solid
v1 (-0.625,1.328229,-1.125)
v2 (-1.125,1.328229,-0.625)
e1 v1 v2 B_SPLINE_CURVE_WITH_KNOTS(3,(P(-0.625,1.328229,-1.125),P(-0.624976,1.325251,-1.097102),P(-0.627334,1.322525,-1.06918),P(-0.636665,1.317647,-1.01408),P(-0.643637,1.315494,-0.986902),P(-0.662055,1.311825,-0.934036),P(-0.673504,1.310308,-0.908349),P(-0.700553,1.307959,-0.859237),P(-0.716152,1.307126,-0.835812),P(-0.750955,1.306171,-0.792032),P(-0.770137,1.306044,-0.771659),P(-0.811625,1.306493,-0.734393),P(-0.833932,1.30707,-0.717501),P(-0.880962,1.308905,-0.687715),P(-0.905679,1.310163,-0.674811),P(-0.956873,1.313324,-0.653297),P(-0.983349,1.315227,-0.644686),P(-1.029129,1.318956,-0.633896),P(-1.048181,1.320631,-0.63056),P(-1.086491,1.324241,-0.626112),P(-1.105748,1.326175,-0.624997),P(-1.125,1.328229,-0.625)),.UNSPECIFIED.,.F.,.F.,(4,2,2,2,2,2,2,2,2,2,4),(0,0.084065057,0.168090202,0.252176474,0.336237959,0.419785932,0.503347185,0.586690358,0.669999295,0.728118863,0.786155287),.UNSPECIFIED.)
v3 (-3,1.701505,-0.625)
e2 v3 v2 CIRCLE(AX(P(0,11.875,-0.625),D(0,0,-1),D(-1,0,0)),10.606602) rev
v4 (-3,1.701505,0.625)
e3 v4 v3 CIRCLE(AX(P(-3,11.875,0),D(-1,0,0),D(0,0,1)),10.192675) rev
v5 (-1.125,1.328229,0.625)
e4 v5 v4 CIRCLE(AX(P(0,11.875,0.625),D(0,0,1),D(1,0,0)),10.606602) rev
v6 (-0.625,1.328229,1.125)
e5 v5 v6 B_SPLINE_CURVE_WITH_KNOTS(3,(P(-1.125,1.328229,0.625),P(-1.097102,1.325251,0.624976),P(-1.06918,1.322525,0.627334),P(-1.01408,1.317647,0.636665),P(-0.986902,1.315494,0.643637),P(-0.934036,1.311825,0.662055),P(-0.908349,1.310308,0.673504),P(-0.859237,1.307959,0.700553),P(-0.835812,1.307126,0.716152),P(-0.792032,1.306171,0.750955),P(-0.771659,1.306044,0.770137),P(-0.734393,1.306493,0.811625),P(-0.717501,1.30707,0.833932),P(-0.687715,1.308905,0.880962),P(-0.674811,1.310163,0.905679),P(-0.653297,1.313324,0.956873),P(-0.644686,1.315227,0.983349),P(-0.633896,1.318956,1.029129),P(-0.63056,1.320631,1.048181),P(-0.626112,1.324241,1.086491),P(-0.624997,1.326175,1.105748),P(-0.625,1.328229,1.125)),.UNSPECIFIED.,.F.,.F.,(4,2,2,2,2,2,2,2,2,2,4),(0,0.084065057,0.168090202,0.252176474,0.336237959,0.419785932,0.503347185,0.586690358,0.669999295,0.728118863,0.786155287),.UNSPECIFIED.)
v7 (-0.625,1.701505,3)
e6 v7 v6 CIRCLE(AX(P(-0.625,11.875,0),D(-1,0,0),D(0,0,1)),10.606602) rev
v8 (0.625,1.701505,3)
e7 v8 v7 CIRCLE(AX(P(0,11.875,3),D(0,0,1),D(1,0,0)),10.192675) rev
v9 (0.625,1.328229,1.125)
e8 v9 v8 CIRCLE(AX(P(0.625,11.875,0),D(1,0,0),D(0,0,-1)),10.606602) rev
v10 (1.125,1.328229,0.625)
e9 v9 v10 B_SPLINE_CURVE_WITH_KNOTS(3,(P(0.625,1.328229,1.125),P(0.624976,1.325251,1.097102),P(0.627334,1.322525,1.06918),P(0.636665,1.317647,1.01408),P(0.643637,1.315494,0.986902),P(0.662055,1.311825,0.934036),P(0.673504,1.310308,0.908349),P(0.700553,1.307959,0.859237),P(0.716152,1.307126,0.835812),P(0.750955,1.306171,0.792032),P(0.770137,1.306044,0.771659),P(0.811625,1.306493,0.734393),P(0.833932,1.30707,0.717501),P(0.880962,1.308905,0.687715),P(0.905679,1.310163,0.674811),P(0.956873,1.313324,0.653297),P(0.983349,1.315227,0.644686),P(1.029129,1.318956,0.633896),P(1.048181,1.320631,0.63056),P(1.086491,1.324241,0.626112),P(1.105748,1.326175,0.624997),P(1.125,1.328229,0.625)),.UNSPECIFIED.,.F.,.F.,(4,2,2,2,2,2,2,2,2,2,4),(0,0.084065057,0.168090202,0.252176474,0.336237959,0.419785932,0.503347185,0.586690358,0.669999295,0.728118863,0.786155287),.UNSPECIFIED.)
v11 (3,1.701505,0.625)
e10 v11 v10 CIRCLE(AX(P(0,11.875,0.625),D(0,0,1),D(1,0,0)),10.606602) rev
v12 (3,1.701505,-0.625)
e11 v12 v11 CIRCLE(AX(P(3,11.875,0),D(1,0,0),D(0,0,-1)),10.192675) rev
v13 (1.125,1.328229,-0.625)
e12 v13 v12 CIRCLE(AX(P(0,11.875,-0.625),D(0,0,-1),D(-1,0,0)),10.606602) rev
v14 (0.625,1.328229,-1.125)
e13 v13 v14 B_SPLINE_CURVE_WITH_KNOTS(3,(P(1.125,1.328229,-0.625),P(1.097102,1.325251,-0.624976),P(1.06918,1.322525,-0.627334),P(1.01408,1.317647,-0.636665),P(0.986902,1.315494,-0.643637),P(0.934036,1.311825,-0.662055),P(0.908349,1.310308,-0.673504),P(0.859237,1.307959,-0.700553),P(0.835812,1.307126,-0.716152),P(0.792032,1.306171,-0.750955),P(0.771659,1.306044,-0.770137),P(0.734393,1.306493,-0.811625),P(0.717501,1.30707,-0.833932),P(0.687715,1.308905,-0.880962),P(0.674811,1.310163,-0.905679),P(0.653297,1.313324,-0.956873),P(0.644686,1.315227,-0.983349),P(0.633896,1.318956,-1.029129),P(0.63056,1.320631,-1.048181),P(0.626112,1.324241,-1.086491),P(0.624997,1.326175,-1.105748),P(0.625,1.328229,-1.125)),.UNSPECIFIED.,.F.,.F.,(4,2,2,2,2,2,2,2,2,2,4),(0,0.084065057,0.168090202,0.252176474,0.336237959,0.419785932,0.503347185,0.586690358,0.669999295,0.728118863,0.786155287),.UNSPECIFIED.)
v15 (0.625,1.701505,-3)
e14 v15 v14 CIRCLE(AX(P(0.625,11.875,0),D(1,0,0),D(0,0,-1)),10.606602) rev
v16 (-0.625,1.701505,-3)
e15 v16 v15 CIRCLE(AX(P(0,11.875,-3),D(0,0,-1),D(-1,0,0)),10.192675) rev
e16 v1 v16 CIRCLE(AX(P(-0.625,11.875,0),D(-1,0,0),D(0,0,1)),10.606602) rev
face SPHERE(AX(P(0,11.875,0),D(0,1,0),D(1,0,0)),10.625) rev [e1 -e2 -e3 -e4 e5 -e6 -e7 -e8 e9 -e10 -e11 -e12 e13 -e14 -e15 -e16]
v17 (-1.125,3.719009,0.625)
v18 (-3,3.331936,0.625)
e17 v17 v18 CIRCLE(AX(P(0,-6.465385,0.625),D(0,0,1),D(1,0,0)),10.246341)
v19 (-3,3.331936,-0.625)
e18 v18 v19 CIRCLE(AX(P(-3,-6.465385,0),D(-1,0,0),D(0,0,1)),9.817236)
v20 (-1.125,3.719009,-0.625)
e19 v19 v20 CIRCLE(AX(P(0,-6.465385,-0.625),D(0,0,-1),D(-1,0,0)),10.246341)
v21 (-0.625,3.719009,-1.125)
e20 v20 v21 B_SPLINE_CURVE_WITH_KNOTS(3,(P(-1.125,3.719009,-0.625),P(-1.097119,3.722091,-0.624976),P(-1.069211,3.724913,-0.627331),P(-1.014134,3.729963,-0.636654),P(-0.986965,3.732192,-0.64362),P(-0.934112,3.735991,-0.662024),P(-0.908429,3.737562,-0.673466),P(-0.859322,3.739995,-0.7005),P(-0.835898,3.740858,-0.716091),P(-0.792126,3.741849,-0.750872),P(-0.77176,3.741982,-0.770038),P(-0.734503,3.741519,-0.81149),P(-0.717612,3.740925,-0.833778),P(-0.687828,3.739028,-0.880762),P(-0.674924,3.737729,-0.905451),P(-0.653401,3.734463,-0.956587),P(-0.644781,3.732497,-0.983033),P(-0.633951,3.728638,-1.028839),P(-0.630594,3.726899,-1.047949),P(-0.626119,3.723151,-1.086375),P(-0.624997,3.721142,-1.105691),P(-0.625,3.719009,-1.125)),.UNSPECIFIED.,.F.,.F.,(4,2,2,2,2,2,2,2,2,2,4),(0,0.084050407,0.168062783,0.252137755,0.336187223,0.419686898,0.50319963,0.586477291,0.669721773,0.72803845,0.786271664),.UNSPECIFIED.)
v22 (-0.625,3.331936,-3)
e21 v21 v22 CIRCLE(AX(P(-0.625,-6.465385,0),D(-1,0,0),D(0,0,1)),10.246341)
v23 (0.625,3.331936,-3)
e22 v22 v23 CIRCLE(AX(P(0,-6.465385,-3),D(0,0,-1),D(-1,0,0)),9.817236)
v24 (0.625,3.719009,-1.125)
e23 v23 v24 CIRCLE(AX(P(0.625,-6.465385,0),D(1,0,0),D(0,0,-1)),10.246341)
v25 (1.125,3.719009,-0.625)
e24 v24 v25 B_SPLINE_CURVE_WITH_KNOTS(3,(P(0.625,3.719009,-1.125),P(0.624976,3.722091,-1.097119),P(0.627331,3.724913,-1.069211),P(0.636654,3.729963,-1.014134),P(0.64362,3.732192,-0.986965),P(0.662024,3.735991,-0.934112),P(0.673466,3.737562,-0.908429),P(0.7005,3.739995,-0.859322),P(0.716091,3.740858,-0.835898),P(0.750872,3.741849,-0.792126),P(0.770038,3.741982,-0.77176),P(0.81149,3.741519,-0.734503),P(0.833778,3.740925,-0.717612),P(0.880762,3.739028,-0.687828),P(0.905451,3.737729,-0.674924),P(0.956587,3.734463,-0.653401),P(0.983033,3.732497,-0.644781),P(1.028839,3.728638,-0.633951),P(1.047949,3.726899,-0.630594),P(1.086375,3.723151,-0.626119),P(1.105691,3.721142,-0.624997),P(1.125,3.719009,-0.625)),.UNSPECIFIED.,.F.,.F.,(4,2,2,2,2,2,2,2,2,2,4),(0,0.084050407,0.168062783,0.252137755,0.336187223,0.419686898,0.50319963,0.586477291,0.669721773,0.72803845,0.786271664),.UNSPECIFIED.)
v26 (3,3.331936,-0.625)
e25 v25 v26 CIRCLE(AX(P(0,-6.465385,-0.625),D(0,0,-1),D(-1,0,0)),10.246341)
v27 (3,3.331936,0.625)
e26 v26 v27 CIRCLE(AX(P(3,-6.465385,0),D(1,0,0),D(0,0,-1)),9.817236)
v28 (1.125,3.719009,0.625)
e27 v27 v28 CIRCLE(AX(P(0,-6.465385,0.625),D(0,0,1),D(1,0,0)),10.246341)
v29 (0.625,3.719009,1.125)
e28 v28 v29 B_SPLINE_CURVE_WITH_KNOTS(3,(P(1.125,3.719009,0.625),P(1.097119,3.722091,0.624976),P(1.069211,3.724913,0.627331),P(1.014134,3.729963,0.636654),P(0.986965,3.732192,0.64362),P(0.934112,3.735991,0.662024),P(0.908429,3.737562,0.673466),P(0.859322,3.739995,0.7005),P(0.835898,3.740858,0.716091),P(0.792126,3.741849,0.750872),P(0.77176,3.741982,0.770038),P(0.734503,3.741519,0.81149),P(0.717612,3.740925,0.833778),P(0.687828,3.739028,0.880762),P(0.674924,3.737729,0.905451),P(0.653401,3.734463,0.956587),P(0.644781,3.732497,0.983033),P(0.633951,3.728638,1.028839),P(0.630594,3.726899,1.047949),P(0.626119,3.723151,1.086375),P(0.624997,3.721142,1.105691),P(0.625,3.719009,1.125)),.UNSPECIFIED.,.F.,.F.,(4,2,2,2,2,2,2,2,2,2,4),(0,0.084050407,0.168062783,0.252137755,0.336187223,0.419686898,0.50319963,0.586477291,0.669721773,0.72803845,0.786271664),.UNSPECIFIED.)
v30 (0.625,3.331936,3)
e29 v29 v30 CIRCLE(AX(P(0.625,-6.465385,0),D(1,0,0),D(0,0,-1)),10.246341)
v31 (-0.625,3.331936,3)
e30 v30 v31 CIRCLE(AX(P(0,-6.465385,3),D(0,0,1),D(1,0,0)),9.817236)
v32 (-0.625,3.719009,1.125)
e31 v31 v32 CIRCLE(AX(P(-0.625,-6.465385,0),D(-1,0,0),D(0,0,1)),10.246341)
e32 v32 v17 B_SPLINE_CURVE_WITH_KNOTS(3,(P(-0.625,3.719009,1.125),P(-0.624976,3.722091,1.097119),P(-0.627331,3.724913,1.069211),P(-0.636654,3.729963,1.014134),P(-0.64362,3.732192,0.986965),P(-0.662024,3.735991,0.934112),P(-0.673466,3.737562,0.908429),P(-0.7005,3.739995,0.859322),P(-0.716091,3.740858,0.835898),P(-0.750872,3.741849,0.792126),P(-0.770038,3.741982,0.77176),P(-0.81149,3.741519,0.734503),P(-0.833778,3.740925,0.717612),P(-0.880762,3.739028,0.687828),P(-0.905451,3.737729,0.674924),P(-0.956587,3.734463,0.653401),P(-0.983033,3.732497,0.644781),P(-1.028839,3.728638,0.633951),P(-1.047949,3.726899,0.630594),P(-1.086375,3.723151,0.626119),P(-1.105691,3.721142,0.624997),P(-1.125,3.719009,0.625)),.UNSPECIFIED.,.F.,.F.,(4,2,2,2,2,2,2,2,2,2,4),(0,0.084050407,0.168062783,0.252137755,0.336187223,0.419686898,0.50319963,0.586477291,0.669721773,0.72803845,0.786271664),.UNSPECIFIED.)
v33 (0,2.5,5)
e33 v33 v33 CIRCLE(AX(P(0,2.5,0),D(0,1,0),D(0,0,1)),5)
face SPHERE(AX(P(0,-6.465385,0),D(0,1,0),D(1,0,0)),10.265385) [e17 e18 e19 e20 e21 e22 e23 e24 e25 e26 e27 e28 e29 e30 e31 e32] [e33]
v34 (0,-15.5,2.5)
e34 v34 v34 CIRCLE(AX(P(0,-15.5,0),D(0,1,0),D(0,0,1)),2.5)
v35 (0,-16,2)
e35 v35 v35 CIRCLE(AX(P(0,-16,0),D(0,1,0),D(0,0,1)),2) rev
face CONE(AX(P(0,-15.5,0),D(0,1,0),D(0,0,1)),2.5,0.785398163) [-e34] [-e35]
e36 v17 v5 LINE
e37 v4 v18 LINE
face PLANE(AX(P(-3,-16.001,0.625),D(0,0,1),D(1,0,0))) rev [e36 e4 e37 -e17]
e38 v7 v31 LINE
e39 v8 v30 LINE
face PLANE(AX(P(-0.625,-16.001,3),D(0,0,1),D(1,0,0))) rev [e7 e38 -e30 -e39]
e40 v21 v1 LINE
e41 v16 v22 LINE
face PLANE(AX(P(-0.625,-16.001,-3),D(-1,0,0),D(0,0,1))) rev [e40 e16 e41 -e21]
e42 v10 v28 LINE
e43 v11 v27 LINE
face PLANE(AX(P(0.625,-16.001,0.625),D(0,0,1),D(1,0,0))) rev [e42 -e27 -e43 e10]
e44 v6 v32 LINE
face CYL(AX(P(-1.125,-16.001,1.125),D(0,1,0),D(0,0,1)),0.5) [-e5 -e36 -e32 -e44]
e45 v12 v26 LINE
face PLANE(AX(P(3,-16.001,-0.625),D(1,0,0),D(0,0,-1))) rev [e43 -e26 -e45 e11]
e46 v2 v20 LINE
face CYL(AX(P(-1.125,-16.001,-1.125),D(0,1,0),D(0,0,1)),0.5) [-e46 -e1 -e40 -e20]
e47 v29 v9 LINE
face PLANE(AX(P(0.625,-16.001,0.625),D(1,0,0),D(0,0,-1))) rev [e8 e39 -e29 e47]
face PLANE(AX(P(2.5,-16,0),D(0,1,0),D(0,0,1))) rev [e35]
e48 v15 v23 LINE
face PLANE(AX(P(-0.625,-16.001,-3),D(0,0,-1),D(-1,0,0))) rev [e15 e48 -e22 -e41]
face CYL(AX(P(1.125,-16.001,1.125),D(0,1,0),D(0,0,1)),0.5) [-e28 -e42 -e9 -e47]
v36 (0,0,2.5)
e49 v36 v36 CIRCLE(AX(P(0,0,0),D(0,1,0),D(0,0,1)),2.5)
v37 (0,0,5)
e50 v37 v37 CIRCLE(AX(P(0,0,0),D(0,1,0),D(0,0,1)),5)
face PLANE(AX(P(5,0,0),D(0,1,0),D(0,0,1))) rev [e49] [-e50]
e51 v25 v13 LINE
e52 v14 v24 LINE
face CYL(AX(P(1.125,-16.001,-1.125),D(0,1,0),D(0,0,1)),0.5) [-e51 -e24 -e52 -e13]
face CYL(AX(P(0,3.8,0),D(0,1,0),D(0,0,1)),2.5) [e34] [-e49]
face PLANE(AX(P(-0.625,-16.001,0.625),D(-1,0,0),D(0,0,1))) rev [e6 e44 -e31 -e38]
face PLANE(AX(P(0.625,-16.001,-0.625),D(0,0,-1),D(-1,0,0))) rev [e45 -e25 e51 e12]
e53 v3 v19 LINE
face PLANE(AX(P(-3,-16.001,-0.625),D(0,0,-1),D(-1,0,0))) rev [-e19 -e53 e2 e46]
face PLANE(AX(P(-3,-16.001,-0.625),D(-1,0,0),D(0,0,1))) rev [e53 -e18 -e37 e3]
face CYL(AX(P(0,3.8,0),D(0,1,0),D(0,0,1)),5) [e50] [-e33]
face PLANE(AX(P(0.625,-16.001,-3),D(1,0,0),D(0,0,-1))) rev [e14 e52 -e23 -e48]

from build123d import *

# Parameters (mm, degrees)
CUT_EXTRUDE1_REACH      = 39.493
CUT_EXTRUDE1_END_RADIUS = 10.625
CUT_EXTRUDE1_START      = 20
FILLET1_R               = 0.5
CHAMFER1_SIZE           = 0.5


with BuildPart() as part:
    # Sketch1 → Revolve1 (revolve)
    with BuildSketch(Plane.XY, mode=Mode.PRIVATE) as revolve1_sk:
        with BuildLine():
            Line((0, 0), (0, 3.8))
            ThreePointArc((0, 3.8), (2.583118271, 3.469685656), (5, 2.5))
            Line((5, 2.5), (5, 0))
            Line((5, 0), (2.5, 0))
            Line((2.5, 0), (2.5, -16))
            Line((2.5, -16), (0, -16))
            Line((0, -16), (0, 0))
        make_face()
    revolve(revolve1_sk.sketch.rotate(Axis((0, 3.8, 0), (0, -1, 0)), 90), axis=Axis((0, 3.8, 0), (0, -1, 0)))

    # Cut-Extrude1: up to this sphere (the profile starts inside it)
    cut_extrude1_end = Location((0, 11.875, 0)) * Sphere(CUT_EXTRUDE1_END_RADIUS, mode=Mode.PRIVATE)
    # Sketch4 → Cut-Extrude1 (cut, up to the surface)
    with BuildSketch(Plane(origin=(0, 0, 0), x_dir=(1, 0, 0), z_dir=(0, 1, 0)).offset(CUT_EXTRUDE1_START), mode=Mode.PRIVATE) as cut_extrude1_sk1:
        Polygon((-0.625, -0.625), (-0.625, -3), (0.625, -3), (0.625, -0.625), (3, -0.625), (3, 0.625), (0.625, 0.625), (0.625, 3), (-0.625, 3), (-0.625, 0.625), (-3, 0.625), (-3, -0.625), align=None)
    cut_extrude1_tool1 = extrude(cut_extrude1_sk1.sketch, amount=-CUT_EXTRUDE1_REACH, mode=Mode.PRIVATE) & cut_extrude1_end
    add(cut_extrude1_tool1.solids().sort_by_distance((0, 20, 0))[0], mode=Mode.SUBTRACT)

    # Fillet1
    fillet1_edges = [part.edges().sort_by_distance(p)[0] for p in [
        (0.625, 2.524352551, 0.625),
        (-0.625, 2.524352551, 0.625),
        (-0.625, 2.524352551, -0.625),
        (0.625, 2.524352551, -0.625),
    ]]
    fillet(fillet1_edges, radius=FILLET1_R)

    # Chamfer1
    chamfer1_edges = [part.edges().sort_by_distance(p)[0] for p in [
        (0, -16, -2.5),
    ]]
    chamfer(chamfer1_edges, length=CHAMFER1_SIZE)


solid = part.part
